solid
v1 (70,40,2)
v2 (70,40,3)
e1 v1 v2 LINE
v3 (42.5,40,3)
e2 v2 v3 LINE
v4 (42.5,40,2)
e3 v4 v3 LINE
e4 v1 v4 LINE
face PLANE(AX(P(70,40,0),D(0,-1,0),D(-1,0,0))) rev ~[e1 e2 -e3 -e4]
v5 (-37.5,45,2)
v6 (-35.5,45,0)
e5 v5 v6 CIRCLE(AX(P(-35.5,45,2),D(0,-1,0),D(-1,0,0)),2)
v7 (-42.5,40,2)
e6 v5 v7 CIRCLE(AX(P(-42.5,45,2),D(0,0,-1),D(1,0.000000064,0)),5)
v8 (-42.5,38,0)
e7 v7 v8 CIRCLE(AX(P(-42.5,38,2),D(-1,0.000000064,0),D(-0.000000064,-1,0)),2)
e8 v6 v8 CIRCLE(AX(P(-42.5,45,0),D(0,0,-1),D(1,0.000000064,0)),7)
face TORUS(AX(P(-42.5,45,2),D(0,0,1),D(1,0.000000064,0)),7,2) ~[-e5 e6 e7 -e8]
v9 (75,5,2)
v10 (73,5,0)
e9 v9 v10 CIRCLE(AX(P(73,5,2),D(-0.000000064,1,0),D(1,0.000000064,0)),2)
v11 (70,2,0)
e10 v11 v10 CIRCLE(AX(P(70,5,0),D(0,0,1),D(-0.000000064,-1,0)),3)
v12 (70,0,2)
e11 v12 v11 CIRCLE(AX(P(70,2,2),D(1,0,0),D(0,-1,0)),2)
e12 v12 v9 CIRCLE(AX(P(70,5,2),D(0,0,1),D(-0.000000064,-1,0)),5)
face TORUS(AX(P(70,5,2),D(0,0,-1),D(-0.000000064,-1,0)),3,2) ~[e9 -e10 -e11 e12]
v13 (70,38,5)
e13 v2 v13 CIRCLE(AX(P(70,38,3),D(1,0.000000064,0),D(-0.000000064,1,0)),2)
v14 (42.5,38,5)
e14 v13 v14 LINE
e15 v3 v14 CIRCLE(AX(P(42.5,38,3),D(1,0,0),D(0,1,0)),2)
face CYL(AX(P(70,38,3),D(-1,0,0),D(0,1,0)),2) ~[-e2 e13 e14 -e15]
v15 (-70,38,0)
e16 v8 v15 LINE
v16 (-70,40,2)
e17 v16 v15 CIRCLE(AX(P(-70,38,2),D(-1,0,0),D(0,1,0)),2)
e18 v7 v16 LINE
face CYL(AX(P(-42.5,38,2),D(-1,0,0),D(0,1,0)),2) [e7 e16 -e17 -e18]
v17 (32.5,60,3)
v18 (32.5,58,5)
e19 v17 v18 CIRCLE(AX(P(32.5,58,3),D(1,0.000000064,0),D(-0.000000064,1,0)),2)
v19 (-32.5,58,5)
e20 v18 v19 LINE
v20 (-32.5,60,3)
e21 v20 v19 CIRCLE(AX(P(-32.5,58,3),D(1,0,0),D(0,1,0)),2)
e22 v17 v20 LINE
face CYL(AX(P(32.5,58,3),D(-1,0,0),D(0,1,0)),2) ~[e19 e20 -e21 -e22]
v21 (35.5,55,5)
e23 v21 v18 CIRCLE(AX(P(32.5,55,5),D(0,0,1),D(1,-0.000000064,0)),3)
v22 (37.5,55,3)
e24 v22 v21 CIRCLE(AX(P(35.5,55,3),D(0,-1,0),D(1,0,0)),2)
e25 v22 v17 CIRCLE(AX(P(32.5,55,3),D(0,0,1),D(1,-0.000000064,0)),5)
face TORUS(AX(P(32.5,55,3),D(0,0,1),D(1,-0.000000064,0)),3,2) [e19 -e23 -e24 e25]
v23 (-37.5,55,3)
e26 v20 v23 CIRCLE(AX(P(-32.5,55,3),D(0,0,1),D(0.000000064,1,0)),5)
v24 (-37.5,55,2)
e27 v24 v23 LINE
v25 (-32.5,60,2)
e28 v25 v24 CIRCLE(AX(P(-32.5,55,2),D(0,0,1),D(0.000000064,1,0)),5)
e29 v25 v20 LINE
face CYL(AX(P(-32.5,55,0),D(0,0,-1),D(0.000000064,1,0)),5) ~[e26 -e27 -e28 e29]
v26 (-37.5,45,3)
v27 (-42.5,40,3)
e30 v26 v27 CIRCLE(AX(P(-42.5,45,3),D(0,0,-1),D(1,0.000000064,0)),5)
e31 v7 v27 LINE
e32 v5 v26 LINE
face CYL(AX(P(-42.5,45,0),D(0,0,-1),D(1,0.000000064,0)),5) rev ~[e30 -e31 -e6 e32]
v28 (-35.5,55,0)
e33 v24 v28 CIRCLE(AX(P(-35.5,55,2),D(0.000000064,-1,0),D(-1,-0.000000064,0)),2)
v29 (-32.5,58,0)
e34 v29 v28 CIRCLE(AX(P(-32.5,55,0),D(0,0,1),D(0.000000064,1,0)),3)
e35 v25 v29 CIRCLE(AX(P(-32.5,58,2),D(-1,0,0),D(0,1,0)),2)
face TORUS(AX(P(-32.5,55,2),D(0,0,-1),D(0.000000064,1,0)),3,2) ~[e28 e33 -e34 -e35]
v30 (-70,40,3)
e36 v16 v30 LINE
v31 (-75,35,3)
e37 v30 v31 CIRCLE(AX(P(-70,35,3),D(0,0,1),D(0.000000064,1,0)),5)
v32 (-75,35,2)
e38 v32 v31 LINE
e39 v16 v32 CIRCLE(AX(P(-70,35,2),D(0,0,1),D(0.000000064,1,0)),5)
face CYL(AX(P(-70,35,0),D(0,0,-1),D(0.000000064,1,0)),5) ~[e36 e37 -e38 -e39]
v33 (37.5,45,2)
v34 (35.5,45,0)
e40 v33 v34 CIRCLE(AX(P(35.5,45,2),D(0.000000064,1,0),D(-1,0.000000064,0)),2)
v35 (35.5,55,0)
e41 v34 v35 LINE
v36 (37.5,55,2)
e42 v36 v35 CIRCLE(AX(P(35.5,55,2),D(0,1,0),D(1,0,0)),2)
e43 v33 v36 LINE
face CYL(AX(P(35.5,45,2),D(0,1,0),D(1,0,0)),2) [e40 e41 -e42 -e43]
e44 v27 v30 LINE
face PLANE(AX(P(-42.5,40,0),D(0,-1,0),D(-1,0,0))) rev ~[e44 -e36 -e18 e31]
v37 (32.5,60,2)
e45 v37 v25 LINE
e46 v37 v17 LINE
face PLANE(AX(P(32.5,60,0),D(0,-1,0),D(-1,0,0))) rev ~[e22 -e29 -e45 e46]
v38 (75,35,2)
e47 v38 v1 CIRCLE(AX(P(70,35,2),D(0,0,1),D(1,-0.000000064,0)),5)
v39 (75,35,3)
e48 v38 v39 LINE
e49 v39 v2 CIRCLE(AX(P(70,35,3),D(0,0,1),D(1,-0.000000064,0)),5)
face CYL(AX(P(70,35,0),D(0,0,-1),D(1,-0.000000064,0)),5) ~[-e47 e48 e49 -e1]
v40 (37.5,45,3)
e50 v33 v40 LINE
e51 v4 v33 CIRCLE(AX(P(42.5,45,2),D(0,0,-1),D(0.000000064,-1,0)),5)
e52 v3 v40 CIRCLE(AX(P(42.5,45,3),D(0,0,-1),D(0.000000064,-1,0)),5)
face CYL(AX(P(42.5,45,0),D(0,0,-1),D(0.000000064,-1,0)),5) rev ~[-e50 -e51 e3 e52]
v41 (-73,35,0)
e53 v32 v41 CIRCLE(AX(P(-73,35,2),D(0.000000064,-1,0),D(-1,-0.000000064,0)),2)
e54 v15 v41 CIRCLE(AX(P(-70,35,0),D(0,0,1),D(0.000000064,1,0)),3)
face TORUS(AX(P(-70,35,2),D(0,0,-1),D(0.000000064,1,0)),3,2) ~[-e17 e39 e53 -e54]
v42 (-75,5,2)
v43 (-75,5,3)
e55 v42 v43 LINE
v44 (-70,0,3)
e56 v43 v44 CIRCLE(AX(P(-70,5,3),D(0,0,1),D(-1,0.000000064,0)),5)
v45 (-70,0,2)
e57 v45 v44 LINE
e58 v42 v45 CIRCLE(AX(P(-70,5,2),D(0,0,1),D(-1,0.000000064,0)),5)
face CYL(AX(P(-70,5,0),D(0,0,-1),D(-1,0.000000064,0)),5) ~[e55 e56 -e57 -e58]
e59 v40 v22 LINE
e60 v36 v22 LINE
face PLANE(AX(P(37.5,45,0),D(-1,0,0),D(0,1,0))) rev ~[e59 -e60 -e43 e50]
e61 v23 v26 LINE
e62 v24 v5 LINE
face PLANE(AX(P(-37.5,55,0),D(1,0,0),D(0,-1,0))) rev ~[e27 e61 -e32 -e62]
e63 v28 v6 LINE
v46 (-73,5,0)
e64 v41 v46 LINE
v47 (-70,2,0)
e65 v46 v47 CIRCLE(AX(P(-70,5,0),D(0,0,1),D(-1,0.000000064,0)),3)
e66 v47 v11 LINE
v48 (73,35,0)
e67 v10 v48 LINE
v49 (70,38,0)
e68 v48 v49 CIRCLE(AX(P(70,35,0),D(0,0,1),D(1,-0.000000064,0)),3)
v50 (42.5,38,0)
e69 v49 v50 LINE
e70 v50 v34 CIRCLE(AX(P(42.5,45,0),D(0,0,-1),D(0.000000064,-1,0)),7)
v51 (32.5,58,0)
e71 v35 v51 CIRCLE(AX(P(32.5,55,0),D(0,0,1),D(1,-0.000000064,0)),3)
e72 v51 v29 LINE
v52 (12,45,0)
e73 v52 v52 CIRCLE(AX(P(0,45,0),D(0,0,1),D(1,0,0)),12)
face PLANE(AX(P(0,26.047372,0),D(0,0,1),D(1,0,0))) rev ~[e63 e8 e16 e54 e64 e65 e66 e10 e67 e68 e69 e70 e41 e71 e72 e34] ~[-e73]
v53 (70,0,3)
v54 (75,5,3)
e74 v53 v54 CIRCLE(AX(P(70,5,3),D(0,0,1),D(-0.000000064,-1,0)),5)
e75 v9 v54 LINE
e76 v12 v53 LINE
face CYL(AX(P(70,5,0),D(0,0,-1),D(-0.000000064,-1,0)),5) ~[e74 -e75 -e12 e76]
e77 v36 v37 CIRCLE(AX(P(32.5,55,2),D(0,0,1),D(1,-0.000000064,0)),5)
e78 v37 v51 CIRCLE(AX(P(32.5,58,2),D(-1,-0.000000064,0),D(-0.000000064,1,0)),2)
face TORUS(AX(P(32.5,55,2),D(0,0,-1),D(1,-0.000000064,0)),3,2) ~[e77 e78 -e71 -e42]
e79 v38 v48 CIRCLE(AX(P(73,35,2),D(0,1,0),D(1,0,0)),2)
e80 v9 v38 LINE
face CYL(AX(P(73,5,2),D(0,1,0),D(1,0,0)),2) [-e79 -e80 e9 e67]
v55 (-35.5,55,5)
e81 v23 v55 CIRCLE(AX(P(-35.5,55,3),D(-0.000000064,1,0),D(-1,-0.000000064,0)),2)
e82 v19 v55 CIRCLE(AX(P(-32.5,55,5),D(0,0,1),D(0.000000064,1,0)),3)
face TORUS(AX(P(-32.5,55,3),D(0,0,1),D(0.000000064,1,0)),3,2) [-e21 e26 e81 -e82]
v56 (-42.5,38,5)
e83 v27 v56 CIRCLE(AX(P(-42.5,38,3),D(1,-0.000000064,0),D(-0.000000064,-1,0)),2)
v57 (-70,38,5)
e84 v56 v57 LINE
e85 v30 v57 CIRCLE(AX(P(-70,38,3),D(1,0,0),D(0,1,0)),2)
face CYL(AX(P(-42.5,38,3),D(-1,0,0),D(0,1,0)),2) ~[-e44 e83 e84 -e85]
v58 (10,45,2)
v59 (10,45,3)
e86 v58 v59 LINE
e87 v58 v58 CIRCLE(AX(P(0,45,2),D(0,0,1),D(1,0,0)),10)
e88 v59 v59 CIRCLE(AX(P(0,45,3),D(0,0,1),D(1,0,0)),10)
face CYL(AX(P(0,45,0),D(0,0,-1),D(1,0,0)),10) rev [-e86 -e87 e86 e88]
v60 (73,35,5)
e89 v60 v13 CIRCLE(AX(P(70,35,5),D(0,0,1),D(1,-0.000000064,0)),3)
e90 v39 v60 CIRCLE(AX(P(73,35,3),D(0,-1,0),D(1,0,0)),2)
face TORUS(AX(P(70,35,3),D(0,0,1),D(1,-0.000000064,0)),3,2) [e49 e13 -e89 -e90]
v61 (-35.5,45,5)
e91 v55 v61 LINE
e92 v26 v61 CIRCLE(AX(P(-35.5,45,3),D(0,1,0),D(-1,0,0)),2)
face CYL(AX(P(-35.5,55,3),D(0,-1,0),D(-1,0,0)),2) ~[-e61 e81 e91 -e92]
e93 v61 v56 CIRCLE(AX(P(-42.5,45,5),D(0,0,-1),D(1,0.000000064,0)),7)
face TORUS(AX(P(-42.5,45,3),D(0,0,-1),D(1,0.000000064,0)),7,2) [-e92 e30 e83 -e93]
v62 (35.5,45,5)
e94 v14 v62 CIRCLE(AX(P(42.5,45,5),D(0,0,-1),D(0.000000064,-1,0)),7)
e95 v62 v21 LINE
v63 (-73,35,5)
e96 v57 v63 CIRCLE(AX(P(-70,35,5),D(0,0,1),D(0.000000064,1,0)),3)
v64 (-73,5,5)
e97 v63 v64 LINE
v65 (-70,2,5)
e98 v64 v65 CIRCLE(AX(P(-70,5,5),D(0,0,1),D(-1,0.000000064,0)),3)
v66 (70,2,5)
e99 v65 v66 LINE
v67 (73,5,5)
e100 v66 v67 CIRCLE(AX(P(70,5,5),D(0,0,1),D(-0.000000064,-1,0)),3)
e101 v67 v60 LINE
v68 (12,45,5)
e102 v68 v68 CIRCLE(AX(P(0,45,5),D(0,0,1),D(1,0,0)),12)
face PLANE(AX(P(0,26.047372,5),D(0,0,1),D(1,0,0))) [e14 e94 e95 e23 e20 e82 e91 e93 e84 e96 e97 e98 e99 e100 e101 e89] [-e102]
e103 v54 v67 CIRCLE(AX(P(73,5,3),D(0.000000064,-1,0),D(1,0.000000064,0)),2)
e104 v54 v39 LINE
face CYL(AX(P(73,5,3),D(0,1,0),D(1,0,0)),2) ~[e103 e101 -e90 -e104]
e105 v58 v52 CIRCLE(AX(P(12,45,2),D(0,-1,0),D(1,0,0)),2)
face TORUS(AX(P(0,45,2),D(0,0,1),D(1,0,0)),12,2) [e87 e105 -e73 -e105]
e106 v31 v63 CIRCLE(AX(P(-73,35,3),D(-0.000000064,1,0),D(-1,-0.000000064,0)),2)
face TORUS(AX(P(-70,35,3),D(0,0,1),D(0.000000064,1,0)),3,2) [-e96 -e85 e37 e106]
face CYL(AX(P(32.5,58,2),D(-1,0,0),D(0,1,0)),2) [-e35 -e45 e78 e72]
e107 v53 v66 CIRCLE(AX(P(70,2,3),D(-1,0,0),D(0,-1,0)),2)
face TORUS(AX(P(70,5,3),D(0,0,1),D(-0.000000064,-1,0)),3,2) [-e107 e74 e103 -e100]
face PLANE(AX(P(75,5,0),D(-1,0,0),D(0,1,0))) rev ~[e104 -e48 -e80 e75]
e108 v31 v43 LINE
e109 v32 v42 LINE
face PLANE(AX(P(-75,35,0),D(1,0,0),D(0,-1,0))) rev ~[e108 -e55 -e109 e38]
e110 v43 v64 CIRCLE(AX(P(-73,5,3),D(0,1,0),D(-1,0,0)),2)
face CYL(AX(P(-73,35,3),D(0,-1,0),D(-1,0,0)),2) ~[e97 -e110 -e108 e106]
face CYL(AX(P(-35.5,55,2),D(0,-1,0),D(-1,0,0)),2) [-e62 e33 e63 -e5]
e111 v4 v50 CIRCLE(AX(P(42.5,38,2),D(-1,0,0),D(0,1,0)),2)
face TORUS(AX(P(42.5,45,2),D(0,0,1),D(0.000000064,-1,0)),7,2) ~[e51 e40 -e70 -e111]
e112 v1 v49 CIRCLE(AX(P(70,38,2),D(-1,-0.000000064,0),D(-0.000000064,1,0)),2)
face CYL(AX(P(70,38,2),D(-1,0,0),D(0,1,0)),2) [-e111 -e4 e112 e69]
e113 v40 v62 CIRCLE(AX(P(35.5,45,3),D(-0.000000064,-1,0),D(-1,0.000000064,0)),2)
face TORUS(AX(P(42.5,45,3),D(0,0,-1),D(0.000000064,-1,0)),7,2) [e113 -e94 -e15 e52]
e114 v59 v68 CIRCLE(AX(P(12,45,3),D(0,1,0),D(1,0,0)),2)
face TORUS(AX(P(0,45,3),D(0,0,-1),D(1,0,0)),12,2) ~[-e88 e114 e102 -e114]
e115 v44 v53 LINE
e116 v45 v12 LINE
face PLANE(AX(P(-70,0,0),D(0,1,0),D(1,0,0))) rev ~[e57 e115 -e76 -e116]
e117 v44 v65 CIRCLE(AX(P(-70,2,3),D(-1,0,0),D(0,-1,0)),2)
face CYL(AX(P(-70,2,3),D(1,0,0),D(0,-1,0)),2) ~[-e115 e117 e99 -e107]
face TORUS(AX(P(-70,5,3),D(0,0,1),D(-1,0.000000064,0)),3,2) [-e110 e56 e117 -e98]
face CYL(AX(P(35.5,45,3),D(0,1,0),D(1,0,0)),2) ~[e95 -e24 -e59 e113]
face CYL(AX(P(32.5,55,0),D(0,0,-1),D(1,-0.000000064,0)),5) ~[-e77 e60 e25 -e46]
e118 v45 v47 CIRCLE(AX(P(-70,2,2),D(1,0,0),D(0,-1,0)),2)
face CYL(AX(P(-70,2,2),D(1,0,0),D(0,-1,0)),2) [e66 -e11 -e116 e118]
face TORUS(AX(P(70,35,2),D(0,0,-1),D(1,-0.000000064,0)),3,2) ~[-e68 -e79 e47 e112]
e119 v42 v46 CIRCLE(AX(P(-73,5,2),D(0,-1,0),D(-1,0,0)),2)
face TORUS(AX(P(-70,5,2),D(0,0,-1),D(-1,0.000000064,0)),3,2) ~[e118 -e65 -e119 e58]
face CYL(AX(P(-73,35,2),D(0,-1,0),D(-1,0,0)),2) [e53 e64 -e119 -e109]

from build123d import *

# Parameters (mm, degrees)
F0_R     = 10
F1_DEPTH = 5
F2_R     = 2


with BuildPart() as f1:
    # F0 (on Top) → F1 (new body)
    with BuildSketch(Plane.XY):
        with BuildLine():
            Line((-42.5, 40), (-70, 40))
            ThreePointArc((-70, 40), (-73.535534, 38.535534), (-75, 35))
            Line((-75, 35), (-75, 5))
            ThreePointArc((-75, 5), (-73.535534, 1.464466), (-70, 0))
            Line((-70, 0), (70, 0))
            ThreePointArc((70, 0), (73.535534, 1.464466), (75, 5))
            Line((75, 5), (75, 35))
            ThreePointArc((75, 35), (73.535534, 38.535534), (70, 40))
            Line((70, 40), (42.5, 40))
            ThreePointArc((42.5, 40), (38.964466, 41.464466), (37.5, 45))
            Line((37.5, 45), (37.5, 55))
            ThreePointArc((37.5, 55), (36.035534, 58.535534), (32.5, 60))
            Line((32.5, 60), (-32.5, 60))
            ThreePointArc((-32.5, 60), (-36.035534, 58.535534), (-37.5, 55))
            Line((-37.5, 55), (-37.5, 45))
            ThreePointArc((-37.5, 45), (-38.964466, 41.464466), (-42.5, 40))
        make_face()
        with Locations((0, 45)):
            Circle(F0_R, mode=Mode.SUBTRACT)
    extrude(amount=F1_DEPTH)

    # F2
    f2_edges = [f1.edges().sort_by_distance(p)[0] for p in [
        (0, 0, 5),
        (0, 0, 0),
        (-10, 45, 5),
        (-10, 45, 0),
    ]]
    fillet(f2_edges, radius=F2_R)


solid = f1.part
